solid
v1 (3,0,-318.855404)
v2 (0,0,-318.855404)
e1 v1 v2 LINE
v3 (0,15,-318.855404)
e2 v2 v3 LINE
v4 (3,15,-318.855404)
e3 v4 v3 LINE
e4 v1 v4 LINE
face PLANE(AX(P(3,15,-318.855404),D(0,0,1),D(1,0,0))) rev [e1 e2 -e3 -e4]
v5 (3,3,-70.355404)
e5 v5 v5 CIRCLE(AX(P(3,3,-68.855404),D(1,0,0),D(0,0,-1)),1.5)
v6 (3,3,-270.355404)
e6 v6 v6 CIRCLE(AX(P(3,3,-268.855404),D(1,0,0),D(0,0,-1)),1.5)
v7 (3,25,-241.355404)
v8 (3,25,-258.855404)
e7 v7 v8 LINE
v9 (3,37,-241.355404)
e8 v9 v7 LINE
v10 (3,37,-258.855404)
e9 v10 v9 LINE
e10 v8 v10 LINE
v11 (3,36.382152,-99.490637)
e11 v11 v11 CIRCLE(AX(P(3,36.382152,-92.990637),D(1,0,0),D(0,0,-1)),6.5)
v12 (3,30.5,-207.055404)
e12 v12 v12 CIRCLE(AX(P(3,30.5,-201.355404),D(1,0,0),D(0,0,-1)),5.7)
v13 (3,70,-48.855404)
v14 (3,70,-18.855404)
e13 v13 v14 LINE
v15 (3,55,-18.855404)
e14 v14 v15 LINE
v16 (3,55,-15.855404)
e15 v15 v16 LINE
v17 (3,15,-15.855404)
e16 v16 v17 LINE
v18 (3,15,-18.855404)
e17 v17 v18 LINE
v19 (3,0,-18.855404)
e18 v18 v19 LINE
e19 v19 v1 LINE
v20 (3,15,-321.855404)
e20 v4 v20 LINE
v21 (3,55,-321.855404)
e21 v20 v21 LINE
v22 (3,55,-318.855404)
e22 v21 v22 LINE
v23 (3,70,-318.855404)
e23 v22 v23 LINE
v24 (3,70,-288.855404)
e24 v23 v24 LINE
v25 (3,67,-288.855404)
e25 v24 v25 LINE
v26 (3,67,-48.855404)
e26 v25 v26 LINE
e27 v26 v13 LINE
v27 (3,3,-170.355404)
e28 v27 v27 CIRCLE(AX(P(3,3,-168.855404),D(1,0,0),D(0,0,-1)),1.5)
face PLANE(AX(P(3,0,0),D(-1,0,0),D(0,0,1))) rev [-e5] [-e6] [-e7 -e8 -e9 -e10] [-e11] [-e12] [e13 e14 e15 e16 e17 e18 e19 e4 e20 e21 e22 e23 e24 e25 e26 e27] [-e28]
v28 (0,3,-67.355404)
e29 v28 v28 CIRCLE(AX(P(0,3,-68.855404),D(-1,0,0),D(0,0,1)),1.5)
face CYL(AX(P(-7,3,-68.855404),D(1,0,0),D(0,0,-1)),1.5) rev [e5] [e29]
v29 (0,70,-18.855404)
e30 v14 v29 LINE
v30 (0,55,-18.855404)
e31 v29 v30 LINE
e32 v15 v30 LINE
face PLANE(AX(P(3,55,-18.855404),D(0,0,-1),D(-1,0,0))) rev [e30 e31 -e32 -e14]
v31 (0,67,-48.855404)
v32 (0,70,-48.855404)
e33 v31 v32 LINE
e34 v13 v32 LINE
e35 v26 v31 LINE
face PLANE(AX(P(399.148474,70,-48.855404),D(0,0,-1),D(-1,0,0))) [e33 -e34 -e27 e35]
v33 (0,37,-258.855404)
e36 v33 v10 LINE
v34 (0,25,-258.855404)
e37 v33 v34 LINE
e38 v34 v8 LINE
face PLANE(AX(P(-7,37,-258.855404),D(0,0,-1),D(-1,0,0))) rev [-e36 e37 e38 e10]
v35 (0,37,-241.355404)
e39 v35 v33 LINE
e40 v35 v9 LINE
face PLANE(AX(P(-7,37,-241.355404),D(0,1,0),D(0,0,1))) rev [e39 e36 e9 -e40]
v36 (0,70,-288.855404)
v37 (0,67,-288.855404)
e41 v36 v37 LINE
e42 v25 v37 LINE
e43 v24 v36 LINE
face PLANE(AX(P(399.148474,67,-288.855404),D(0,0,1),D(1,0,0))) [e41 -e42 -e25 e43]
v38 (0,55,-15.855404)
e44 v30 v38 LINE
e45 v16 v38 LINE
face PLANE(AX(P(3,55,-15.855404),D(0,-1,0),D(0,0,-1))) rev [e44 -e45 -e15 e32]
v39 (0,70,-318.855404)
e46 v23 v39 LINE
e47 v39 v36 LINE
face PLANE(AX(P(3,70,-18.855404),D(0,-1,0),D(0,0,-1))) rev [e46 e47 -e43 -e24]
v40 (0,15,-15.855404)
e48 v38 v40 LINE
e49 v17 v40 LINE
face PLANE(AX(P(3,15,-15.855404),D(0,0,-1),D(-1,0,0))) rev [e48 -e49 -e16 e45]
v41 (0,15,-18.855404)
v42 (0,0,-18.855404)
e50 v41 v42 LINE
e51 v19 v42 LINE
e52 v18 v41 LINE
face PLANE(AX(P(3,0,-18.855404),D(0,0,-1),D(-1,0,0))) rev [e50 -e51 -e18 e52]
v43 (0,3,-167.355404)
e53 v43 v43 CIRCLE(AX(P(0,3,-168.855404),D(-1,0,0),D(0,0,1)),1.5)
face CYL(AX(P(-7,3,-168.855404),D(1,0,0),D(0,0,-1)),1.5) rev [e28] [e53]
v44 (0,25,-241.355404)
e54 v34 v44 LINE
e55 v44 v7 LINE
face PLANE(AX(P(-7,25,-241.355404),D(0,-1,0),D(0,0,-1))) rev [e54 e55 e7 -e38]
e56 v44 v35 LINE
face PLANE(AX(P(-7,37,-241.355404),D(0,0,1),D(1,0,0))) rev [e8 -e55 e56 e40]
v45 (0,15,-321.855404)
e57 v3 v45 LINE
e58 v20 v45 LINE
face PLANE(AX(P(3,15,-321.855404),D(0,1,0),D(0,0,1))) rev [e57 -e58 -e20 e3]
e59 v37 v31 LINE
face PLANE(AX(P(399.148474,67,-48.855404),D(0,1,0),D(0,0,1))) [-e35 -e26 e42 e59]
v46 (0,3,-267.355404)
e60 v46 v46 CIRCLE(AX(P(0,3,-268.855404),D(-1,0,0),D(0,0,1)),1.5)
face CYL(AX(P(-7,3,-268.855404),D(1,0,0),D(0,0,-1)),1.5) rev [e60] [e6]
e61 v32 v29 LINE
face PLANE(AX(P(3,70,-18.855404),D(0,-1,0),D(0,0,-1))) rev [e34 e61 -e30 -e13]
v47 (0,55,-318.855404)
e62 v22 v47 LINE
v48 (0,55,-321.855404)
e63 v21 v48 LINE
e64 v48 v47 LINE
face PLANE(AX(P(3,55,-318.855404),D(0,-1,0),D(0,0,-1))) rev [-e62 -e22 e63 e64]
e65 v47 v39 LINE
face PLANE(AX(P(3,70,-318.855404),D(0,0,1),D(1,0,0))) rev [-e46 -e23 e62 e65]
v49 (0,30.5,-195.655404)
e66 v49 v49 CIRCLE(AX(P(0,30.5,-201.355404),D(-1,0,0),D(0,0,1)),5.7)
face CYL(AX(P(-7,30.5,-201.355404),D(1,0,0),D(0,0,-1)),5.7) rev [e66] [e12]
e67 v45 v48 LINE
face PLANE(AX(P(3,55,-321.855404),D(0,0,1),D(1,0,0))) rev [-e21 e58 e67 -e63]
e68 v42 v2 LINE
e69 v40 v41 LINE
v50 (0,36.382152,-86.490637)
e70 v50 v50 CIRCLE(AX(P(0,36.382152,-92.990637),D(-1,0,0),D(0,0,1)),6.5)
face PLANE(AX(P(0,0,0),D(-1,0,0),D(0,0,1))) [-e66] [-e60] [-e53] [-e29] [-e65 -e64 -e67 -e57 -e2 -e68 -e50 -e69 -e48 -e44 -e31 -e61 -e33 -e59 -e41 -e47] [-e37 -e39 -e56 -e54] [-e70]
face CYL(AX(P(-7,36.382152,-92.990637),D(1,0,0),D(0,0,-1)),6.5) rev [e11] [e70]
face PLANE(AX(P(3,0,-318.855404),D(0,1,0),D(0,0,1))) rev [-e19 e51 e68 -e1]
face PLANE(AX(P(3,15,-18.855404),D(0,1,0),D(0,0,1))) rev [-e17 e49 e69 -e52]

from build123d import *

# Parameters (mm, degrees)
BOSS_EXTRUDE2_DEPTH     = 3
CUT_EXTRUDE1_DEPTH      = 330.393231219
CUT_EXTRUDE1_DEPTH_BACK = 3
SKETCH4_W               = 17.5
SKETCH4_H               = 12
CUT_EXTRUDE2_DEPTH      = 10
SKETCH5_R               = 5.7
CUT_EXTRUDE3_DEPTH      = 10
SKETCH6_R               = 6.5
CUT_EXTRUDE4_DEPTH      = 10
SKETCH7_R               = 1.5
CUT_EXTRUDE5_DEPTH      = 10


with BuildPart() as part:
    # Sketch1 → Boss-Extrude2 (new body)
    with BuildSketch(Plane(origin=(0, 0, 0), x_dir=(0, 0, -1), z_dir=(1, 0, 0))):
        Polygon((18.855403516, 70), (318.855403516, 70), (318.855403516, 55), (321.855403516, 55), (321.855403516, 15), (318.855403516, 15), (318.855403516, 0), (18.855403516, 0), (18.855403516, 15), (15.855403516, 15), (15.855403516, 55), (18.855403516, 55), align=None)
    extrude(amount=BOSS_EXTRUDE2_DEPTH)

    # Sketch3 → Cut-Extrude1 (cut, two sides: drawn at the far end of the back side and taken through both)
    with BuildSketch(Plane(origin=(3, 0, 0), x_dir=(0, 0, -1), z_dir=(1, 0, 0)).offset(-CUT_EXTRUDE1_DEPTH_BACK)):
        Polygon((48.855403516, 643.663019898), (48.855403516, 70), (48.855403516, 67), (288.855403516, 67), (288.855403516, 70), (288.855403516, 643.663019898), (288.855403516, 1790.989059693), (48.855403516, 1790.989059693), align=None)
    extrude(amount=CUT_EXTRUDE1_DEPTH + CUT_EXTRUDE1_DEPTH_BACK, mode=Mode.SUBTRACT)

    # Sketch4 → Cut-Extrude2 (cut)
    with BuildSketch(Plane(origin=(3, 0, 0), x_dir=(0, 0, -1), z_dir=(1, 0, 0))):
        with Locations((250.105403516, 31)):
            Rectangle(SKETCH4_W, SKETCH4_H)
    extrude(amount=-CUT_EXTRUDE2_DEPTH, mode=Mode.SUBTRACT)

    # Sketch5 → Cut-Extrude3 (cut)
    with BuildSketch(Plane(origin=(3, 0, 0), x_dir=(0, 0, -1), z_dir=(1, 0, 0))):
        with Locations((201.355403516, 30.5)):
            Circle(SKETCH5_R)
    extrude(amount=-CUT_EXTRUDE3_DEPTH, mode=Mode.SUBTRACT)

    # Sketch6 → Cut-Extrude4 (cut)
    with BuildSketch(Plane(origin=(3, 0, 0), x_dir=(0, 0, -1), z_dir=(1, 0, 0))):
        with Locations((92.990637001, 36.382151617)):
            Circle(SKETCH6_R)
    extrude(amount=-CUT_EXTRUDE4_DEPTH, mode=Mode.SUBTRACT)

    # Sketch7 → Cut-Extrude5 (cut)
    with BuildSketch(Plane(origin=(3, 0, 0), x_dir=(0, 0, -1), z_dir=(1, 0, 0))):
        with Locations((268.855403516, 3)):
            Circle(SKETCH7_R)
        with Locations((168.855403516, 3)):
            Circle(SKETCH7_R)
        with Locations((68.855403516, 3)):
            Circle(SKETCH7_R)
    extrude(amount=-CUT_EXTRUDE5_DEPTH, mode=Mode.SUBTRACT)


solid = part.part
